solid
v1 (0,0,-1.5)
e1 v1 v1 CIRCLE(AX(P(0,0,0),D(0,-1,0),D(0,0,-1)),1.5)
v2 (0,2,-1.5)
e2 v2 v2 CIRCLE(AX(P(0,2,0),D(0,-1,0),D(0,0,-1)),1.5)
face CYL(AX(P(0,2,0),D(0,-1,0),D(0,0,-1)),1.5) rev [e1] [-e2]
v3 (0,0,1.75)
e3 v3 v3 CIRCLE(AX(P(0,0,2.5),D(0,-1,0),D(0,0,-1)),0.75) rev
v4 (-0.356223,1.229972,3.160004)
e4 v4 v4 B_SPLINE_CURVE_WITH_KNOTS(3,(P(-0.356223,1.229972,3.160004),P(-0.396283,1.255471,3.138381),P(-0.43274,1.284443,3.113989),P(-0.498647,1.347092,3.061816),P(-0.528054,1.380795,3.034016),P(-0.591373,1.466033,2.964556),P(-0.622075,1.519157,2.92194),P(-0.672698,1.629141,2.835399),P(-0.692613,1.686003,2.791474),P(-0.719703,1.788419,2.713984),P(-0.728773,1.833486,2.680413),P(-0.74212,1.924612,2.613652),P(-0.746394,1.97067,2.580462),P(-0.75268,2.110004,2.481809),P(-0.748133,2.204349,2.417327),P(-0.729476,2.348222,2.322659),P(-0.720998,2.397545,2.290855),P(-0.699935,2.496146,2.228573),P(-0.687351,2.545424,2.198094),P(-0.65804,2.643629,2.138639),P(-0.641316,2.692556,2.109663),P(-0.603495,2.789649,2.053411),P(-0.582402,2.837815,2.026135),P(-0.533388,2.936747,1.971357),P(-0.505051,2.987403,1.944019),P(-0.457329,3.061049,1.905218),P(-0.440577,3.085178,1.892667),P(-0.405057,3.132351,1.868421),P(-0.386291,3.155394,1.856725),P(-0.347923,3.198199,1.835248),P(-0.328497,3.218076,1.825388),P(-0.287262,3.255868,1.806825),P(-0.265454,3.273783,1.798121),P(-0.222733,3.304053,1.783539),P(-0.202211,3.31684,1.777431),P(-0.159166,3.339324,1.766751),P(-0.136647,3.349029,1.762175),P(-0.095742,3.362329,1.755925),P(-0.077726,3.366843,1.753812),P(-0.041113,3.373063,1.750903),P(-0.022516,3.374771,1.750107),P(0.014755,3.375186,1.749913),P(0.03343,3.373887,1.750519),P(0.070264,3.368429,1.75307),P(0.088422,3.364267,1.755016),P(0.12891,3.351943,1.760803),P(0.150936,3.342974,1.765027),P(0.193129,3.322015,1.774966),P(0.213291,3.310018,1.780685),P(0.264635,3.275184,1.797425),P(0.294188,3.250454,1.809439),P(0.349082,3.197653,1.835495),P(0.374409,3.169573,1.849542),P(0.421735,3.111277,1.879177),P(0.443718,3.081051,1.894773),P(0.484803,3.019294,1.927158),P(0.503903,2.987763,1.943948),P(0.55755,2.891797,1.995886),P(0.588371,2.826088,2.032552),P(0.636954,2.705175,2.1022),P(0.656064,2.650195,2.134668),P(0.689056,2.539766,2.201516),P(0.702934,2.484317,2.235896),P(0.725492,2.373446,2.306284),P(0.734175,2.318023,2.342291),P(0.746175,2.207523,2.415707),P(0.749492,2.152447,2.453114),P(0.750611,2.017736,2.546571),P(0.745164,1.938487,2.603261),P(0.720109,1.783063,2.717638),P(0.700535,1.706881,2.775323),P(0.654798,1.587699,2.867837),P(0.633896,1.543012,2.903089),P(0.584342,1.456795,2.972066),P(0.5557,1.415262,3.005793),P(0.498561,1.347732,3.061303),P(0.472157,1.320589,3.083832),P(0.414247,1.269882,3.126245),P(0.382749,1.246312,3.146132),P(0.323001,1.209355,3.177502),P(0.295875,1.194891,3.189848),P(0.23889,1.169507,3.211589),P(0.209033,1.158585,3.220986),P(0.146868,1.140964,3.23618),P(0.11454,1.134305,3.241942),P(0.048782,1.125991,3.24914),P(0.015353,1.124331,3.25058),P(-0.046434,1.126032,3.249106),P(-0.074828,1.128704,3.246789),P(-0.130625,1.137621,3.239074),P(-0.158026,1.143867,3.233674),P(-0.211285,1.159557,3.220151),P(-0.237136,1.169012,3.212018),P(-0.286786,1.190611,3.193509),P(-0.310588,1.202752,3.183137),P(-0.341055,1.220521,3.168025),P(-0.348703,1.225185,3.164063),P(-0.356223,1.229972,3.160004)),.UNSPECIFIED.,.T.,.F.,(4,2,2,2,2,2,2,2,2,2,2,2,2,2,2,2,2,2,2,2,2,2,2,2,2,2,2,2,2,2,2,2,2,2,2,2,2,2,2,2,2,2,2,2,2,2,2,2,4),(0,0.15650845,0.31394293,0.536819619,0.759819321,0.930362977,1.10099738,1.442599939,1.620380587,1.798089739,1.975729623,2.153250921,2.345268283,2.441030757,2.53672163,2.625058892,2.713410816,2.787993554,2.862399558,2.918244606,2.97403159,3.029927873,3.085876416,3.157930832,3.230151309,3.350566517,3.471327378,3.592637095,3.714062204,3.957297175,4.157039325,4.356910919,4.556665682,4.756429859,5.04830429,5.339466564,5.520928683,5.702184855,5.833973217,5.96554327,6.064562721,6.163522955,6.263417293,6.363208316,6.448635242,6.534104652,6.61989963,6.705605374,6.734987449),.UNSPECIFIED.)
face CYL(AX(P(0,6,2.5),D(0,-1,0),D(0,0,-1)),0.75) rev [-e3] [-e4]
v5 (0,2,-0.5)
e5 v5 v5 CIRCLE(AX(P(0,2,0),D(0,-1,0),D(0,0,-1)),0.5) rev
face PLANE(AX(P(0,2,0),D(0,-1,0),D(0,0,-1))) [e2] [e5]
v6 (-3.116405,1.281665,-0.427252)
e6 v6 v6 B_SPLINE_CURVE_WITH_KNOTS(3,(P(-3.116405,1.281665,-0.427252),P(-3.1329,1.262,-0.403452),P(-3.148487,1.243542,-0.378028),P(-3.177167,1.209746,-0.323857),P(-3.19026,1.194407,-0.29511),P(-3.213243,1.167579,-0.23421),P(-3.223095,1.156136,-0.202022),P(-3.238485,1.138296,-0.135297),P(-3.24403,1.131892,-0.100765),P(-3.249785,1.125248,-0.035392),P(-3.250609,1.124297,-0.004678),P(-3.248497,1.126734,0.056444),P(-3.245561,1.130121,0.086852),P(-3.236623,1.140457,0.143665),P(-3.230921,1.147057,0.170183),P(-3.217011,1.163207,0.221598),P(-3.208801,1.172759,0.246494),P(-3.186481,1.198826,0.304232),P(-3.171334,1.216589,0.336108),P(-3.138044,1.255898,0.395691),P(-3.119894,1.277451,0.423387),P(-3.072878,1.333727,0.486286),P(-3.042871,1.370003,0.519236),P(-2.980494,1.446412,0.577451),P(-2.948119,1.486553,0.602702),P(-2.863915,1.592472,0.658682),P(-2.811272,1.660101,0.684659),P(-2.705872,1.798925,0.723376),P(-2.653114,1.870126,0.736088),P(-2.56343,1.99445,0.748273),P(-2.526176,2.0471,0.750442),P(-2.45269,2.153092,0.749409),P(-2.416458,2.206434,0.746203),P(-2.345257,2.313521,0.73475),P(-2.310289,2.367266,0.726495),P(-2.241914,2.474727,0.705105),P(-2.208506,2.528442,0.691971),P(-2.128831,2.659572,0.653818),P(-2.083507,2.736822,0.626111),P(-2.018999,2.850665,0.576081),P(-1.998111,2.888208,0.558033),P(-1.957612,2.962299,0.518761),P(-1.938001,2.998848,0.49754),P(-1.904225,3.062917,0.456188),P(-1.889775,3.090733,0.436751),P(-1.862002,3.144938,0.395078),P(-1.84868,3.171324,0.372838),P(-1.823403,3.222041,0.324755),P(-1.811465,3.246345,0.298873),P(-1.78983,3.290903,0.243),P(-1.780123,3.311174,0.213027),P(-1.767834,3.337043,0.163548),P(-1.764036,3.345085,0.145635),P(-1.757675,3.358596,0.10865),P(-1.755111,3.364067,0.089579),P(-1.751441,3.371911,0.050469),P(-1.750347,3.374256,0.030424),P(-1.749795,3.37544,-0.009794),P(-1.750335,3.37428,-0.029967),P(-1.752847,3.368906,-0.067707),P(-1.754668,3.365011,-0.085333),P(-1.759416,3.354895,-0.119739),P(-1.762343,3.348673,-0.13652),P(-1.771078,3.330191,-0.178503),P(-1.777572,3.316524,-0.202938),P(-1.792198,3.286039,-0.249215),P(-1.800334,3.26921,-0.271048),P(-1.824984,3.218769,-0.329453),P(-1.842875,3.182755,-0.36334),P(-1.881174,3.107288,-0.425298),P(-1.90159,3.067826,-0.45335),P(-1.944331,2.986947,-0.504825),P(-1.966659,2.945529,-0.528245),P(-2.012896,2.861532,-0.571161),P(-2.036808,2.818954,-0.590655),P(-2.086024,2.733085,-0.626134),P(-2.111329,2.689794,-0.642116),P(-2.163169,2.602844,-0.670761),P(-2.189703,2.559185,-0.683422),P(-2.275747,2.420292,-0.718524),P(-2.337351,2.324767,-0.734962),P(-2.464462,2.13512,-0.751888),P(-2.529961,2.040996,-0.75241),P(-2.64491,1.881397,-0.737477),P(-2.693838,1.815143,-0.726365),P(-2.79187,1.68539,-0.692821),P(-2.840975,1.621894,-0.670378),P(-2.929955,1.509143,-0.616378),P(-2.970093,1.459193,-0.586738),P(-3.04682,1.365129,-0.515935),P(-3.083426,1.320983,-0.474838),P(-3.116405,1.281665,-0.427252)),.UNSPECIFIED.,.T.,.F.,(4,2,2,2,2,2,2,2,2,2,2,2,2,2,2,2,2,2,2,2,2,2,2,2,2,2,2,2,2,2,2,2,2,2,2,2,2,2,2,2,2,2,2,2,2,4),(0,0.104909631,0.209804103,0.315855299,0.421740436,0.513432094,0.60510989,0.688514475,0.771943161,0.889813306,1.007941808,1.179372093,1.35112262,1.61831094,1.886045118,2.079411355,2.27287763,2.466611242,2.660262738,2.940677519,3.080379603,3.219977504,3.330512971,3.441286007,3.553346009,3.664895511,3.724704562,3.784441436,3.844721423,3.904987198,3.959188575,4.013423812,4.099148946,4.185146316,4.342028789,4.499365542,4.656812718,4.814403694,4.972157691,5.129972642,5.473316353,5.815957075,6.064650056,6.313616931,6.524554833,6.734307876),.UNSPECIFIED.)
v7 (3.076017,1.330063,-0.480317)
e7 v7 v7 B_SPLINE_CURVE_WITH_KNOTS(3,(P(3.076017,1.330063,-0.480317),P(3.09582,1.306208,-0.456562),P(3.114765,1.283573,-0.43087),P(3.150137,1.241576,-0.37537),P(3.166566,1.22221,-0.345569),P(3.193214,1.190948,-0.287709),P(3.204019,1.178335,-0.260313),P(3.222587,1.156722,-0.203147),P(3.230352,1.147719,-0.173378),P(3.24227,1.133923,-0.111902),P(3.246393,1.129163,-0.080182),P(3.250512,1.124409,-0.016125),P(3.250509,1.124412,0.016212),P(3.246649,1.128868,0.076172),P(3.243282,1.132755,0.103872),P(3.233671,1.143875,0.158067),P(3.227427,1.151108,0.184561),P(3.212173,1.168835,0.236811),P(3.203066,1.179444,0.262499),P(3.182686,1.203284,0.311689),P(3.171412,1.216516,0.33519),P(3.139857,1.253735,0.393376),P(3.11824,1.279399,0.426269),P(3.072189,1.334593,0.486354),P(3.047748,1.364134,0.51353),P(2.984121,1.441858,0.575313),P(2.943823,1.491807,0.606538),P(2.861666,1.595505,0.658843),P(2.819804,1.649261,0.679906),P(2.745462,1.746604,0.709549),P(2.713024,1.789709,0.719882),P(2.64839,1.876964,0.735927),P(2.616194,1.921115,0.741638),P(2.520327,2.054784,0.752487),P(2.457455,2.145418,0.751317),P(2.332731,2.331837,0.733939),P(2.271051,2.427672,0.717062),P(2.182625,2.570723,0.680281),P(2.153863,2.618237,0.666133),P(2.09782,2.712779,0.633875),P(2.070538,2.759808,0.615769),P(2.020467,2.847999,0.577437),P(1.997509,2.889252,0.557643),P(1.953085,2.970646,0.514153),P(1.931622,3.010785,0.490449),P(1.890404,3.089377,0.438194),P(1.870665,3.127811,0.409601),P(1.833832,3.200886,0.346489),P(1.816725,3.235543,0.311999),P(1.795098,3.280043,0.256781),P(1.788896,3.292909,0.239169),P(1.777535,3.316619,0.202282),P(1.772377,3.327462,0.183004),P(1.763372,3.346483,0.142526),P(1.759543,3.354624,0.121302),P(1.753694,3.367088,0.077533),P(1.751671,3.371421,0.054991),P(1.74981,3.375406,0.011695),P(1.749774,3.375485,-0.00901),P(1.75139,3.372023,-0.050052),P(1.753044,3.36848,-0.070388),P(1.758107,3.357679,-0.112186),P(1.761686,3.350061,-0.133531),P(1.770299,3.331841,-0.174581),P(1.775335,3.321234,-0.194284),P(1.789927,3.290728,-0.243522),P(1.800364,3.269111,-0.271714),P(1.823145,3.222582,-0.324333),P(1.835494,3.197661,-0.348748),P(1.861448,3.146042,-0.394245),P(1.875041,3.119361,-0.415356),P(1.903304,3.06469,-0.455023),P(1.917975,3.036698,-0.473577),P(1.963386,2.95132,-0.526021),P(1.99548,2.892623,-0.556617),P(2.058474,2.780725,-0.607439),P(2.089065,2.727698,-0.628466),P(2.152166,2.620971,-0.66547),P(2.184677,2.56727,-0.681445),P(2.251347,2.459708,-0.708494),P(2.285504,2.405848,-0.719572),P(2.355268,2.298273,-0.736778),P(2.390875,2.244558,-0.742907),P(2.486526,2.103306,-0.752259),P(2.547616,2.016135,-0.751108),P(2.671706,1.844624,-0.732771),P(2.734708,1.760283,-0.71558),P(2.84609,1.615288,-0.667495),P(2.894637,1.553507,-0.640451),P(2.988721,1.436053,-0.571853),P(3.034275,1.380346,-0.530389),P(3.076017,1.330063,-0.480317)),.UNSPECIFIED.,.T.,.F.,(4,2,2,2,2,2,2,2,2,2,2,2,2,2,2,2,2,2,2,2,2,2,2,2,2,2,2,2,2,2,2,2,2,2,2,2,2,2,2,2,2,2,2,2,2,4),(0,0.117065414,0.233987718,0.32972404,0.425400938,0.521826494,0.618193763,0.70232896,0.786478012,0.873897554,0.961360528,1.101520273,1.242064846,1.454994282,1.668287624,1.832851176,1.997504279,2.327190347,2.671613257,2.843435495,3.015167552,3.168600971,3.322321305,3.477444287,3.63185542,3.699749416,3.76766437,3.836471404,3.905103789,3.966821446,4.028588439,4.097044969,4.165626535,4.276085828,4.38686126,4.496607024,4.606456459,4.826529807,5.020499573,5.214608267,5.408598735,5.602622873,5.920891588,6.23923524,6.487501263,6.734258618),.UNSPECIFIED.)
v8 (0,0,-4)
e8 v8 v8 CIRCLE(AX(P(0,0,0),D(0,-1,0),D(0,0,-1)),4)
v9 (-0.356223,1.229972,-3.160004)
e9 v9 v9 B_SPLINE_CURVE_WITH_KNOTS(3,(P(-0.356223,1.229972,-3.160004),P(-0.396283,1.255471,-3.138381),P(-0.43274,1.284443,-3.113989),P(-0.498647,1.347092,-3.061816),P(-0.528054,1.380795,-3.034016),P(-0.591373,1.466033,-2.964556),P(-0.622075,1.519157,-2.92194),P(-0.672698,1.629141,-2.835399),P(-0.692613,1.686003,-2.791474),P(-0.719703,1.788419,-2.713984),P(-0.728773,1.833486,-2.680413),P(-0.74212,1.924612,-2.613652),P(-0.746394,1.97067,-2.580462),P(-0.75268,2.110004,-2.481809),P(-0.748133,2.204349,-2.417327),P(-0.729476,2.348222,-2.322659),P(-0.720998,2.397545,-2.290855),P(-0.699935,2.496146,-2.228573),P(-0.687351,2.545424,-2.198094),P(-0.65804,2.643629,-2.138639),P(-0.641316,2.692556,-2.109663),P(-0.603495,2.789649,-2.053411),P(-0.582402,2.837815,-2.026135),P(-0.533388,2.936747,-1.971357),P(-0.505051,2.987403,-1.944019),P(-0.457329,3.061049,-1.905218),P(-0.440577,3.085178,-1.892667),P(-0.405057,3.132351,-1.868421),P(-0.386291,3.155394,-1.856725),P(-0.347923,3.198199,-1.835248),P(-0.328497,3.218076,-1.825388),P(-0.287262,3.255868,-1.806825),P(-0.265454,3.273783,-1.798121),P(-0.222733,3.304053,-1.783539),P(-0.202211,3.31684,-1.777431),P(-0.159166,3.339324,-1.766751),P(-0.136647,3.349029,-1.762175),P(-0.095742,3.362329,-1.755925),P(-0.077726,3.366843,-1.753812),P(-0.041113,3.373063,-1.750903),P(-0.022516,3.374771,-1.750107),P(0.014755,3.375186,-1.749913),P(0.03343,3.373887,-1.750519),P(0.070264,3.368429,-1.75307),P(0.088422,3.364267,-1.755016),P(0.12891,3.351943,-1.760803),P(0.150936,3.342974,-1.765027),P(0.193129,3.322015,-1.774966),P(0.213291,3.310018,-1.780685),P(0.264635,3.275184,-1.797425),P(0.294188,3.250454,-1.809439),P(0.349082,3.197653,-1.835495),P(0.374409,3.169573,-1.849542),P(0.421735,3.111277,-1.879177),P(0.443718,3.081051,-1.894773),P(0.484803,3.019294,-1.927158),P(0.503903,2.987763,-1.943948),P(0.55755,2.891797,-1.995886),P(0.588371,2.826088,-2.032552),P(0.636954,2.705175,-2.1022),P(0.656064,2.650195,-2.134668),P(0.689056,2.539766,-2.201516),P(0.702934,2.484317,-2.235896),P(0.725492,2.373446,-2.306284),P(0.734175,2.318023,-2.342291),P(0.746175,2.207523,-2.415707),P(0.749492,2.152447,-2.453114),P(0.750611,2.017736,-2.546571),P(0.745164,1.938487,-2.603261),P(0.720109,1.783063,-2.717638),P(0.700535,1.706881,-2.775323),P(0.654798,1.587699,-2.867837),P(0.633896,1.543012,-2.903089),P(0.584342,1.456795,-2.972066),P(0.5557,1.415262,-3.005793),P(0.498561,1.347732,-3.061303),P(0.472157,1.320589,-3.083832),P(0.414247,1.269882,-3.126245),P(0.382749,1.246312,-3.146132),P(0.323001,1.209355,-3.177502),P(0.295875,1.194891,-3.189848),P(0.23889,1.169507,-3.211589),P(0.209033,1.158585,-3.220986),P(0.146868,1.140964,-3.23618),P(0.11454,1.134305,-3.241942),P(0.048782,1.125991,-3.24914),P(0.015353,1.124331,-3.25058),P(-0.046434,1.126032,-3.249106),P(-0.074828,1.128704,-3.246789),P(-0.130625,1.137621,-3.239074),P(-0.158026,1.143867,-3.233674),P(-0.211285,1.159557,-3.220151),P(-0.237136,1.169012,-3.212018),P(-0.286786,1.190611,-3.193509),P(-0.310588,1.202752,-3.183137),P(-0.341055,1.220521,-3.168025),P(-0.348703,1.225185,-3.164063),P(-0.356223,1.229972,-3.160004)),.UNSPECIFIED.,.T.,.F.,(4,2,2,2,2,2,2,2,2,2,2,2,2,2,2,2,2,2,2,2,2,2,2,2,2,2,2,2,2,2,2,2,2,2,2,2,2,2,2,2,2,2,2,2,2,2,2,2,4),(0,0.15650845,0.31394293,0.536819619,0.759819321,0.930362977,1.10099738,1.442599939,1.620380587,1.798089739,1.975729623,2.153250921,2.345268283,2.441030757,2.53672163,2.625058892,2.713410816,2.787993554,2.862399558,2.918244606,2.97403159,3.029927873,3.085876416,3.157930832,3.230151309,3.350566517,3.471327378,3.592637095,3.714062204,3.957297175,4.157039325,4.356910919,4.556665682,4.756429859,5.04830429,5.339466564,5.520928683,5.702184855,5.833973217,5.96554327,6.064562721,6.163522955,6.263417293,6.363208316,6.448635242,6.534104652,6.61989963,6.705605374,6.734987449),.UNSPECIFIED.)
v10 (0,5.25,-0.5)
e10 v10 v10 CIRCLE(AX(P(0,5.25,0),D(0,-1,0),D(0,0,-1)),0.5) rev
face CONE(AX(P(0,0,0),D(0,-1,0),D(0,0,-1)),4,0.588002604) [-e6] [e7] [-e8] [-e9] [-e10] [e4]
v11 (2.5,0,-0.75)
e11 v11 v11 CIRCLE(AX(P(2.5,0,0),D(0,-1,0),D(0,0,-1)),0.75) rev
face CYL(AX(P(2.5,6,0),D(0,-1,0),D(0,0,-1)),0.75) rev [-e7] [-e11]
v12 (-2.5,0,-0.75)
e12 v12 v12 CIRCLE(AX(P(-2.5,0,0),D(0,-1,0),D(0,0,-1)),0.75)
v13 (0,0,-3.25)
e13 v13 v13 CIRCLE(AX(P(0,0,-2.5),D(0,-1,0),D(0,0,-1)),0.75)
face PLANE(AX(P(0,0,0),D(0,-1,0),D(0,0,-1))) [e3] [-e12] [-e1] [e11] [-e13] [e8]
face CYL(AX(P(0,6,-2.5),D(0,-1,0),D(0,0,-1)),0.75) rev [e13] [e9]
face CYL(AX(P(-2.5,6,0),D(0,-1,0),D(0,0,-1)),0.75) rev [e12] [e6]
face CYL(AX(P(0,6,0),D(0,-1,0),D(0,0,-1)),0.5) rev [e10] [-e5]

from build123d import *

# Parameters (mm, degrees)
SKETCH3_R          = 0.75
SKETCH3_R_2        = 0.5
CUT_EXTRUDE1_DEPTH = 6
SKETCH3_3_R        = 1.5
CUT_EXTRUDE2_DEPTH = 2


with BuildPart() as part:
    # Sketch1 → Revolve1 (revolve)
    with BuildSketch(Plane(origin=(0, 0, 0), x_dir=(0, 0, -1), z_dir=(1, 0, 0))):
        Polygon((0, 0), (4, 0), (0, 6), align=None)
    revolve(axis=Axis((0, -11.26056338, 0), (0, 1, 0)))

    # Sketch3 → Cut-Extrude1 (cut)
    with BuildSketch(Plane.XZ):
        with Locations((0, -2.5)):
            Circle(SKETCH3_R)
        with Locations((0, 2.5)):
            Circle(SKETCH3_R)
        with Locations((-2.5, 0)):
            Circle(SKETCH3_R)
        with Locations((2.5, 0)):
            Circle(SKETCH3_R)
        Circle(SKETCH3_R_2)
    extrude(amount=-CUT_EXTRUDE1_DEPTH, mode=Mode.SUBTRACT)

    # Sketch3<3> → Cut-Extrude2 (cut)
    with BuildSketch(Plane.XZ):
        Circle(SKETCH3_3_R)
    extrude(amount=-CUT_EXTRUDE2_DEPTH, mode=Mode.SUBTRACT)


solid = part.part
